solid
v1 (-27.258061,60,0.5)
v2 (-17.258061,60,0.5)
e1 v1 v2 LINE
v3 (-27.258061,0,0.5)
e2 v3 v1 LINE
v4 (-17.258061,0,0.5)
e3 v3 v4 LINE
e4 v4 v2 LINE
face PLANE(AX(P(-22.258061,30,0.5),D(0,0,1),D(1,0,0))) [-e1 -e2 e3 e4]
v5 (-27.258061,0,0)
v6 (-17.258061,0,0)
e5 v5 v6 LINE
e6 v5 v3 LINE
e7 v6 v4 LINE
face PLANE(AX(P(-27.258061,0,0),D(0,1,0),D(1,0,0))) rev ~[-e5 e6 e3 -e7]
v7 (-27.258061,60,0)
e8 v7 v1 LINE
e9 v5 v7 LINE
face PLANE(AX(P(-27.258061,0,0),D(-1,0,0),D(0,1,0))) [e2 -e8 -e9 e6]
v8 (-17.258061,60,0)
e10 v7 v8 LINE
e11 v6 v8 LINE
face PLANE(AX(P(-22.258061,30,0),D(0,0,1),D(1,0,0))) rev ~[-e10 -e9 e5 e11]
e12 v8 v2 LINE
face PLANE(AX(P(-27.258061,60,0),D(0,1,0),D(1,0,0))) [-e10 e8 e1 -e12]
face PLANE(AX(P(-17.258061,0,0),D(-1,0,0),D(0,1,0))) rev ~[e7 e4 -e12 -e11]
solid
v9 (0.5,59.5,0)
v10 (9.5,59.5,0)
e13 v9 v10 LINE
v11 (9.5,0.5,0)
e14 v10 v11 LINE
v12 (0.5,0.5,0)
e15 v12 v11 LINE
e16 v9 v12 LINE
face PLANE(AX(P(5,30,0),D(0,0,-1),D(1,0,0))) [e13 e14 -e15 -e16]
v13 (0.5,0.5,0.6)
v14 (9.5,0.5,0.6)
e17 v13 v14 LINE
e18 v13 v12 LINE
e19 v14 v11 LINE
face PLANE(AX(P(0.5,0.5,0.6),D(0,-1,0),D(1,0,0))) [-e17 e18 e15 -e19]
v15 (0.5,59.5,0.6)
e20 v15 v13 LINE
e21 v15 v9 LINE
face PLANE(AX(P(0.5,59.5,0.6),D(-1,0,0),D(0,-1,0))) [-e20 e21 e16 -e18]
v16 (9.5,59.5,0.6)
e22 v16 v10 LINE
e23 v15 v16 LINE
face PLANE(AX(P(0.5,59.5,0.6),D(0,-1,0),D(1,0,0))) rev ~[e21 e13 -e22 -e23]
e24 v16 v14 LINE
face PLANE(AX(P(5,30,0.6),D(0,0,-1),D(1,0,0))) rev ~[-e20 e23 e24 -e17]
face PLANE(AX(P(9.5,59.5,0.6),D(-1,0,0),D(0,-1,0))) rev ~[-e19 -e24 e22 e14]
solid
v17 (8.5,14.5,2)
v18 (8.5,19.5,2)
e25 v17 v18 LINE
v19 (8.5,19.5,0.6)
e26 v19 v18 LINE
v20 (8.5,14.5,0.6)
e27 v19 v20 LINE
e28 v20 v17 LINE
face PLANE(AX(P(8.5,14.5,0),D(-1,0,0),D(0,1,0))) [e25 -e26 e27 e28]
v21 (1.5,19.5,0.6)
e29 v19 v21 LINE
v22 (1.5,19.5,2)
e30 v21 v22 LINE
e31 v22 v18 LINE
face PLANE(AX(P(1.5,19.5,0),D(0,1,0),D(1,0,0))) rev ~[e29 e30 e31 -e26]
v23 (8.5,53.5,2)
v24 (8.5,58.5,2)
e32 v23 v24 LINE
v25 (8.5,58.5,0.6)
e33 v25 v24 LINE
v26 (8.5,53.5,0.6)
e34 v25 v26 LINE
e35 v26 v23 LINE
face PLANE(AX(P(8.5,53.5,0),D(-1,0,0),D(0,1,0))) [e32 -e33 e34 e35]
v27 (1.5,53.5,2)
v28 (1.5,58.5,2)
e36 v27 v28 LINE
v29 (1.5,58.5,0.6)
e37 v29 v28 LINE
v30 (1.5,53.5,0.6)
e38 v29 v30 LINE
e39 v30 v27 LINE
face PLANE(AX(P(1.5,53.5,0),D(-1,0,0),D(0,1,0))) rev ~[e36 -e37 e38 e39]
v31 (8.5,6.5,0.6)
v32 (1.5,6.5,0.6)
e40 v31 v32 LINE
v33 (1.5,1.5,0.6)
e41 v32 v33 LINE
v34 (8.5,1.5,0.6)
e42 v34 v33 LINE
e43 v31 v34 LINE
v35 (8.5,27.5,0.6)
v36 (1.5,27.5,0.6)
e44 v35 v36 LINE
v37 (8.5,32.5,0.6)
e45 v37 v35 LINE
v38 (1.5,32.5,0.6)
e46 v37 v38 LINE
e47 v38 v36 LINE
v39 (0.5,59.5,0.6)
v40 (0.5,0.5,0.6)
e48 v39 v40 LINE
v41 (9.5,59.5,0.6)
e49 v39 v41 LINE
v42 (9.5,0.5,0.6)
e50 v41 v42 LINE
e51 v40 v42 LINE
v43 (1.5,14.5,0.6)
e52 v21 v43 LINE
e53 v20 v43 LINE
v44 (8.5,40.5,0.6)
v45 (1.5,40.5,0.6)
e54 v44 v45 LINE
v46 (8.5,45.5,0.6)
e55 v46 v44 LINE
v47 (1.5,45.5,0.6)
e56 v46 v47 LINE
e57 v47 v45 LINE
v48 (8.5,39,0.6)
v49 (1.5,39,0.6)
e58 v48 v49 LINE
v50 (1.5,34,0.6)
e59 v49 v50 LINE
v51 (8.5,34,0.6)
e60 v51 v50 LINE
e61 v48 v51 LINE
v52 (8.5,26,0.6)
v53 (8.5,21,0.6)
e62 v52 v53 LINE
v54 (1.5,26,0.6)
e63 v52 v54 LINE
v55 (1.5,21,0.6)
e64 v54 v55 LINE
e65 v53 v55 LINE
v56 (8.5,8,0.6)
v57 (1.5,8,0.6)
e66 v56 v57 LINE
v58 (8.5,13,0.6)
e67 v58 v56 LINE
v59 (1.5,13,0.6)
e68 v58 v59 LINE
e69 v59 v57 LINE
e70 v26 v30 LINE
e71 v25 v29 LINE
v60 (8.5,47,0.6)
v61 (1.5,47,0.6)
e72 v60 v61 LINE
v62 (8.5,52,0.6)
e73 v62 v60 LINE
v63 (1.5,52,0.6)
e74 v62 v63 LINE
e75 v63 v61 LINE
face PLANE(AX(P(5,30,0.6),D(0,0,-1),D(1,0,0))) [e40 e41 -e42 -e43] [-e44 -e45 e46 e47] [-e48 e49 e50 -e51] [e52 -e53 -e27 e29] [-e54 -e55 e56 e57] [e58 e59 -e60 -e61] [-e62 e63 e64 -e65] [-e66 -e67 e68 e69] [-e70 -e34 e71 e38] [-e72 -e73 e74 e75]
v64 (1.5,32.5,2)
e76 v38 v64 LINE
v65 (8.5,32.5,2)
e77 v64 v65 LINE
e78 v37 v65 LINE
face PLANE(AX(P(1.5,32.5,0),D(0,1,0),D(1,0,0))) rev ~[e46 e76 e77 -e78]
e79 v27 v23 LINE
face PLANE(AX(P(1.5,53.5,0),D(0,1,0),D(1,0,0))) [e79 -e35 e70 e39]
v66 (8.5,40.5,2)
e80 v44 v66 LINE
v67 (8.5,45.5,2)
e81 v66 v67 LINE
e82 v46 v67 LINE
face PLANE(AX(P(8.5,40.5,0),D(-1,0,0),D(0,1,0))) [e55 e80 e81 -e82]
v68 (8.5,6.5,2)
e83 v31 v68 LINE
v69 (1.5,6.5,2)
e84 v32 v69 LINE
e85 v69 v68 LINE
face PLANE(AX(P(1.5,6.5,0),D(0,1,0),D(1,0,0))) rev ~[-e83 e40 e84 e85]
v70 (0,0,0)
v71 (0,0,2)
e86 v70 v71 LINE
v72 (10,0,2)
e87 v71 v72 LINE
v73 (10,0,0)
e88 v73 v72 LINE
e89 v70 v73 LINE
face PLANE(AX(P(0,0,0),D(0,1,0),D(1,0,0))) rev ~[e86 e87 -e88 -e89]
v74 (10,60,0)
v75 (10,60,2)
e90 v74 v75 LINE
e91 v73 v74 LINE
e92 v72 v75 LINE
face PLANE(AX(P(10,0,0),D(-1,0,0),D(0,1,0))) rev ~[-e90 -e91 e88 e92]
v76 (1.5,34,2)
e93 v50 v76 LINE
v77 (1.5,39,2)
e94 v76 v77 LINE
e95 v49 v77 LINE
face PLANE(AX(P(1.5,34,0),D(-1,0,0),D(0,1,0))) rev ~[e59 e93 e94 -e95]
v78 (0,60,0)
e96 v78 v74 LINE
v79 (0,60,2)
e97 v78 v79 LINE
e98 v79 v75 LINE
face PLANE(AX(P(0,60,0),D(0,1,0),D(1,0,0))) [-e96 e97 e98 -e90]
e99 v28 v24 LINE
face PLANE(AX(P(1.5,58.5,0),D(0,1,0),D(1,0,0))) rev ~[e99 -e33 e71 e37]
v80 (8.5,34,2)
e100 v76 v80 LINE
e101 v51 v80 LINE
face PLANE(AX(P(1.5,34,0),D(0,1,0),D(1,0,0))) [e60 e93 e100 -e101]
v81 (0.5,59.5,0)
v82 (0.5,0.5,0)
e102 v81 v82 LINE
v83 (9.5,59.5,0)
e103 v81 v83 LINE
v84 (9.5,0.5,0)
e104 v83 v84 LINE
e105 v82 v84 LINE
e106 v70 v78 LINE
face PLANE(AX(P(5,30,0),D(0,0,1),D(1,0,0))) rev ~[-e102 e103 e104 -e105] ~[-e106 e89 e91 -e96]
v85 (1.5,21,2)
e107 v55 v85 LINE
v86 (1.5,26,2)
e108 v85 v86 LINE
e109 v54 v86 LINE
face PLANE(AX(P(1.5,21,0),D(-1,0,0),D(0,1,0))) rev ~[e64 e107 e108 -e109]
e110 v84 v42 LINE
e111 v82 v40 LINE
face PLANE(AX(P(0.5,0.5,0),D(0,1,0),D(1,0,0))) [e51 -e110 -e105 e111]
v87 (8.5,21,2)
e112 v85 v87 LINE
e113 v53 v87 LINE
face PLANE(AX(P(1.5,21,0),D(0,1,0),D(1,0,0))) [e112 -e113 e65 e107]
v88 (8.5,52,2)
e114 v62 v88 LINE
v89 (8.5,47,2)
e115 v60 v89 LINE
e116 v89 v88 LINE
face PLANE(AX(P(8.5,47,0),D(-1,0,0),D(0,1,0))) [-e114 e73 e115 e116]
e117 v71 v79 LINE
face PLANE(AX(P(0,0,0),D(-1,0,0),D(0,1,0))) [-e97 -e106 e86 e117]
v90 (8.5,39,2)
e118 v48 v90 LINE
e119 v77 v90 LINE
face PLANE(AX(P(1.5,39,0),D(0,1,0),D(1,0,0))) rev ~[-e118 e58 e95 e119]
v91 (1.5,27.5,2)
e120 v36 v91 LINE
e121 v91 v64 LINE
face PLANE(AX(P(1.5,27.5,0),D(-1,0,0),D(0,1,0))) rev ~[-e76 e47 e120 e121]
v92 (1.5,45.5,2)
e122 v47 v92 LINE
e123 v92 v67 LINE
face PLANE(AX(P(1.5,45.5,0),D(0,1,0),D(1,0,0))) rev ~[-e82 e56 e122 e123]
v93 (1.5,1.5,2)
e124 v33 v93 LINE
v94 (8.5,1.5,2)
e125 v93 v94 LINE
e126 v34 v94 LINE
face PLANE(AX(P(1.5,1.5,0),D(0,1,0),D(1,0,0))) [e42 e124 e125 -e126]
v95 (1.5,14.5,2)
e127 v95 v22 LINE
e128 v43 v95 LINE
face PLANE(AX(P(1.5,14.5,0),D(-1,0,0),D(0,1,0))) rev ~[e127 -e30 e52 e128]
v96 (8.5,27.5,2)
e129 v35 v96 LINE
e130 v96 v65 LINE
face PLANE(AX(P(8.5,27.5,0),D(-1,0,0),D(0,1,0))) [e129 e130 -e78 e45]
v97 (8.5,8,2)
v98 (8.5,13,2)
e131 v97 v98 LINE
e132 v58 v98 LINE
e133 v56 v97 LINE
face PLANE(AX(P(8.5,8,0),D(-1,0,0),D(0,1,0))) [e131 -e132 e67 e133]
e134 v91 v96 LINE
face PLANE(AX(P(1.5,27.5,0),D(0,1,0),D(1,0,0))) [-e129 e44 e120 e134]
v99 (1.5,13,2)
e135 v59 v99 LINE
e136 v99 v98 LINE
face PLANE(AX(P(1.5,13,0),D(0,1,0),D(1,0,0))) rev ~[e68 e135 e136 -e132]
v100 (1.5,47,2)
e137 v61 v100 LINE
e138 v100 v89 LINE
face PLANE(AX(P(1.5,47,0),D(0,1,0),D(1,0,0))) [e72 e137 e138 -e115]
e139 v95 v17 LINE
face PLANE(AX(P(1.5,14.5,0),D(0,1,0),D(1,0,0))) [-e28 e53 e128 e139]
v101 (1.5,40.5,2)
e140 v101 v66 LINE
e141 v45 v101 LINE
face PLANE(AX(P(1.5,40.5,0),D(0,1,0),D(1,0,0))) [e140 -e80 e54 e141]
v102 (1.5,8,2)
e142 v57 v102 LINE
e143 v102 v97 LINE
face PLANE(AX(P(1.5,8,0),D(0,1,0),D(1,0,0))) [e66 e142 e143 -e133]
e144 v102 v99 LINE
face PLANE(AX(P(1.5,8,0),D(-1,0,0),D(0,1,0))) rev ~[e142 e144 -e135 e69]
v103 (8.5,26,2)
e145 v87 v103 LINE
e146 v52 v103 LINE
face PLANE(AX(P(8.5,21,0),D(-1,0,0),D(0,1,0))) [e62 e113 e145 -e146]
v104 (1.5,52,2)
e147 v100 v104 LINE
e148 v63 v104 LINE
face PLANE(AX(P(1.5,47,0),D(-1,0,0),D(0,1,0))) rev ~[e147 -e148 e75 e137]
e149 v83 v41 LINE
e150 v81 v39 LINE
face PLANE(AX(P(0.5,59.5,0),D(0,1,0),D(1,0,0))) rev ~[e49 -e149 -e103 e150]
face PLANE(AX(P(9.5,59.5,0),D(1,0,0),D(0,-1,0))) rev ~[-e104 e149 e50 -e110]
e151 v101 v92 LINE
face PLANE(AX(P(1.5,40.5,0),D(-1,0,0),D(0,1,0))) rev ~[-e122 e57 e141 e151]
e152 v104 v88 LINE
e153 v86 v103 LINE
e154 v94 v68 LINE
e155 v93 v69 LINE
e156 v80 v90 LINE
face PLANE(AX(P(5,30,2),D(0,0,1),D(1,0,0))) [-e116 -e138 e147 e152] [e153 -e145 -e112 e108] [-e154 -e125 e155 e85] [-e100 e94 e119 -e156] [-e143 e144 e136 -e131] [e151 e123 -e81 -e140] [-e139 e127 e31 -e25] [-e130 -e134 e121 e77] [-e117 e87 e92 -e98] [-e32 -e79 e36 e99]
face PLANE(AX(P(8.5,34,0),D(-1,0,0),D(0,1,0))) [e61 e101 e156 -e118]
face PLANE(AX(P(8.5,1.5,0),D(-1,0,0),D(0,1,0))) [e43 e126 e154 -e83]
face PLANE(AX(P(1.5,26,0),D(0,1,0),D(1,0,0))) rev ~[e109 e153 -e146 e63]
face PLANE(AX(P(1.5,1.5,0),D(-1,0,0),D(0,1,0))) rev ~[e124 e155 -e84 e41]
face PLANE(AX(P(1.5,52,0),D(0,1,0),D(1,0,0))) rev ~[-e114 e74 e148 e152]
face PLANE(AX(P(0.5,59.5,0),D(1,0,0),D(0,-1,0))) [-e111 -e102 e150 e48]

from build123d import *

# Parameters (mm, degrees)
F0_W     = 10
F0_H     = 60
F0_W_2   = 7
F0_H_2   = 5
F1_DEPTH = 2
F2_W     = 10
F2_H     = 60
F3_DEPTH = 0.5
F4_W     = 9
F4_H     = 59
F5_DEPTH = 0.6
F6_W     = 9
F6_H     = 59
F7_DEPTH = 0.6


with BuildPart() as f1:
    # F0 (on Top) → F1 (new body)
    with BuildSketch(Plane.XY):
        with Locations((5, 30)):
            Rectangle(F0_W, F0_H)
        with Locations((5, 4)):
            Rectangle(F0_W_2, F0_H_2, mode=Mode.SUBTRACT)
        with Locations((5, 10.5)):
            Rectangle(F0_W_2, F0_H_2, mode=Mode.SUBTRACT)
        with Locations((5, 17)):
            Rectangle(F0_W_2, F0_H_2, mode=Mode.SUBTRACT)
        with Locations((5, 23.5)):
            Rectangle(F0_W_2, F0_H_2, mode=Mode.SUBTRACT)
        with Locations((5, 30)):
            Rectangle(F0_W_2, F0_H_2, mode=Mode.SUBTRACT)
        with Locations((5, 36.5)):
            Rectangle(F0_W_2, F0_H_2, mode=Mode.SUBTRACT)
        with Locations((5, 43)):
            Rectangle(F0_W_2, F0_H_2, mode=Mode.SUBTRACT)
        with Locations((5, 49.5)):
            Rectangle(F0_W_2, F0_H_2, mode=Mode.SUBTRACT)
        with Locations((5, 56)):
            Rectangle(F0_W_2, F0_H_2, mode=Mode.SUBTRACT)
    extrude(amount=F1_DEPTH)

    # F4 (on face) → F5 (cut)
    with BuildSketch(Plane(origin=(0, 0, 0), x_dir=(1, 0, 0), z_dir=(0, 0, -1))):
        with Locations((5, -30)):
            Rectangle(F4_W, F4_H)
    extrude(amount=-F5_DEPTH, mode=Mode.SUBTRACT)


with BuildPart() as f3:
    # F2 (on Top) → F3 (new body)
    with BuildSketch(Plane.XY):
        with Locations((-22.258061, 30)):
            Rectangle(F2_W, F2_H)
    extrude(amount=F3_DEPTH)


with BuildPart() as f7:
    # F6 (on face) → F7 (new body)
    with BuildSketch(Plane(origin=(0, 0, 0.6), x_dir=(1, 0, 0), z_dir=(0, 0, -1))):
        with Locations((5, -30)):
            Rectangle(F6_W, F6_H)
    extrude(amount=F7_DEPTH)


solid = Compound([f1.part, f3.part, f7.part])
